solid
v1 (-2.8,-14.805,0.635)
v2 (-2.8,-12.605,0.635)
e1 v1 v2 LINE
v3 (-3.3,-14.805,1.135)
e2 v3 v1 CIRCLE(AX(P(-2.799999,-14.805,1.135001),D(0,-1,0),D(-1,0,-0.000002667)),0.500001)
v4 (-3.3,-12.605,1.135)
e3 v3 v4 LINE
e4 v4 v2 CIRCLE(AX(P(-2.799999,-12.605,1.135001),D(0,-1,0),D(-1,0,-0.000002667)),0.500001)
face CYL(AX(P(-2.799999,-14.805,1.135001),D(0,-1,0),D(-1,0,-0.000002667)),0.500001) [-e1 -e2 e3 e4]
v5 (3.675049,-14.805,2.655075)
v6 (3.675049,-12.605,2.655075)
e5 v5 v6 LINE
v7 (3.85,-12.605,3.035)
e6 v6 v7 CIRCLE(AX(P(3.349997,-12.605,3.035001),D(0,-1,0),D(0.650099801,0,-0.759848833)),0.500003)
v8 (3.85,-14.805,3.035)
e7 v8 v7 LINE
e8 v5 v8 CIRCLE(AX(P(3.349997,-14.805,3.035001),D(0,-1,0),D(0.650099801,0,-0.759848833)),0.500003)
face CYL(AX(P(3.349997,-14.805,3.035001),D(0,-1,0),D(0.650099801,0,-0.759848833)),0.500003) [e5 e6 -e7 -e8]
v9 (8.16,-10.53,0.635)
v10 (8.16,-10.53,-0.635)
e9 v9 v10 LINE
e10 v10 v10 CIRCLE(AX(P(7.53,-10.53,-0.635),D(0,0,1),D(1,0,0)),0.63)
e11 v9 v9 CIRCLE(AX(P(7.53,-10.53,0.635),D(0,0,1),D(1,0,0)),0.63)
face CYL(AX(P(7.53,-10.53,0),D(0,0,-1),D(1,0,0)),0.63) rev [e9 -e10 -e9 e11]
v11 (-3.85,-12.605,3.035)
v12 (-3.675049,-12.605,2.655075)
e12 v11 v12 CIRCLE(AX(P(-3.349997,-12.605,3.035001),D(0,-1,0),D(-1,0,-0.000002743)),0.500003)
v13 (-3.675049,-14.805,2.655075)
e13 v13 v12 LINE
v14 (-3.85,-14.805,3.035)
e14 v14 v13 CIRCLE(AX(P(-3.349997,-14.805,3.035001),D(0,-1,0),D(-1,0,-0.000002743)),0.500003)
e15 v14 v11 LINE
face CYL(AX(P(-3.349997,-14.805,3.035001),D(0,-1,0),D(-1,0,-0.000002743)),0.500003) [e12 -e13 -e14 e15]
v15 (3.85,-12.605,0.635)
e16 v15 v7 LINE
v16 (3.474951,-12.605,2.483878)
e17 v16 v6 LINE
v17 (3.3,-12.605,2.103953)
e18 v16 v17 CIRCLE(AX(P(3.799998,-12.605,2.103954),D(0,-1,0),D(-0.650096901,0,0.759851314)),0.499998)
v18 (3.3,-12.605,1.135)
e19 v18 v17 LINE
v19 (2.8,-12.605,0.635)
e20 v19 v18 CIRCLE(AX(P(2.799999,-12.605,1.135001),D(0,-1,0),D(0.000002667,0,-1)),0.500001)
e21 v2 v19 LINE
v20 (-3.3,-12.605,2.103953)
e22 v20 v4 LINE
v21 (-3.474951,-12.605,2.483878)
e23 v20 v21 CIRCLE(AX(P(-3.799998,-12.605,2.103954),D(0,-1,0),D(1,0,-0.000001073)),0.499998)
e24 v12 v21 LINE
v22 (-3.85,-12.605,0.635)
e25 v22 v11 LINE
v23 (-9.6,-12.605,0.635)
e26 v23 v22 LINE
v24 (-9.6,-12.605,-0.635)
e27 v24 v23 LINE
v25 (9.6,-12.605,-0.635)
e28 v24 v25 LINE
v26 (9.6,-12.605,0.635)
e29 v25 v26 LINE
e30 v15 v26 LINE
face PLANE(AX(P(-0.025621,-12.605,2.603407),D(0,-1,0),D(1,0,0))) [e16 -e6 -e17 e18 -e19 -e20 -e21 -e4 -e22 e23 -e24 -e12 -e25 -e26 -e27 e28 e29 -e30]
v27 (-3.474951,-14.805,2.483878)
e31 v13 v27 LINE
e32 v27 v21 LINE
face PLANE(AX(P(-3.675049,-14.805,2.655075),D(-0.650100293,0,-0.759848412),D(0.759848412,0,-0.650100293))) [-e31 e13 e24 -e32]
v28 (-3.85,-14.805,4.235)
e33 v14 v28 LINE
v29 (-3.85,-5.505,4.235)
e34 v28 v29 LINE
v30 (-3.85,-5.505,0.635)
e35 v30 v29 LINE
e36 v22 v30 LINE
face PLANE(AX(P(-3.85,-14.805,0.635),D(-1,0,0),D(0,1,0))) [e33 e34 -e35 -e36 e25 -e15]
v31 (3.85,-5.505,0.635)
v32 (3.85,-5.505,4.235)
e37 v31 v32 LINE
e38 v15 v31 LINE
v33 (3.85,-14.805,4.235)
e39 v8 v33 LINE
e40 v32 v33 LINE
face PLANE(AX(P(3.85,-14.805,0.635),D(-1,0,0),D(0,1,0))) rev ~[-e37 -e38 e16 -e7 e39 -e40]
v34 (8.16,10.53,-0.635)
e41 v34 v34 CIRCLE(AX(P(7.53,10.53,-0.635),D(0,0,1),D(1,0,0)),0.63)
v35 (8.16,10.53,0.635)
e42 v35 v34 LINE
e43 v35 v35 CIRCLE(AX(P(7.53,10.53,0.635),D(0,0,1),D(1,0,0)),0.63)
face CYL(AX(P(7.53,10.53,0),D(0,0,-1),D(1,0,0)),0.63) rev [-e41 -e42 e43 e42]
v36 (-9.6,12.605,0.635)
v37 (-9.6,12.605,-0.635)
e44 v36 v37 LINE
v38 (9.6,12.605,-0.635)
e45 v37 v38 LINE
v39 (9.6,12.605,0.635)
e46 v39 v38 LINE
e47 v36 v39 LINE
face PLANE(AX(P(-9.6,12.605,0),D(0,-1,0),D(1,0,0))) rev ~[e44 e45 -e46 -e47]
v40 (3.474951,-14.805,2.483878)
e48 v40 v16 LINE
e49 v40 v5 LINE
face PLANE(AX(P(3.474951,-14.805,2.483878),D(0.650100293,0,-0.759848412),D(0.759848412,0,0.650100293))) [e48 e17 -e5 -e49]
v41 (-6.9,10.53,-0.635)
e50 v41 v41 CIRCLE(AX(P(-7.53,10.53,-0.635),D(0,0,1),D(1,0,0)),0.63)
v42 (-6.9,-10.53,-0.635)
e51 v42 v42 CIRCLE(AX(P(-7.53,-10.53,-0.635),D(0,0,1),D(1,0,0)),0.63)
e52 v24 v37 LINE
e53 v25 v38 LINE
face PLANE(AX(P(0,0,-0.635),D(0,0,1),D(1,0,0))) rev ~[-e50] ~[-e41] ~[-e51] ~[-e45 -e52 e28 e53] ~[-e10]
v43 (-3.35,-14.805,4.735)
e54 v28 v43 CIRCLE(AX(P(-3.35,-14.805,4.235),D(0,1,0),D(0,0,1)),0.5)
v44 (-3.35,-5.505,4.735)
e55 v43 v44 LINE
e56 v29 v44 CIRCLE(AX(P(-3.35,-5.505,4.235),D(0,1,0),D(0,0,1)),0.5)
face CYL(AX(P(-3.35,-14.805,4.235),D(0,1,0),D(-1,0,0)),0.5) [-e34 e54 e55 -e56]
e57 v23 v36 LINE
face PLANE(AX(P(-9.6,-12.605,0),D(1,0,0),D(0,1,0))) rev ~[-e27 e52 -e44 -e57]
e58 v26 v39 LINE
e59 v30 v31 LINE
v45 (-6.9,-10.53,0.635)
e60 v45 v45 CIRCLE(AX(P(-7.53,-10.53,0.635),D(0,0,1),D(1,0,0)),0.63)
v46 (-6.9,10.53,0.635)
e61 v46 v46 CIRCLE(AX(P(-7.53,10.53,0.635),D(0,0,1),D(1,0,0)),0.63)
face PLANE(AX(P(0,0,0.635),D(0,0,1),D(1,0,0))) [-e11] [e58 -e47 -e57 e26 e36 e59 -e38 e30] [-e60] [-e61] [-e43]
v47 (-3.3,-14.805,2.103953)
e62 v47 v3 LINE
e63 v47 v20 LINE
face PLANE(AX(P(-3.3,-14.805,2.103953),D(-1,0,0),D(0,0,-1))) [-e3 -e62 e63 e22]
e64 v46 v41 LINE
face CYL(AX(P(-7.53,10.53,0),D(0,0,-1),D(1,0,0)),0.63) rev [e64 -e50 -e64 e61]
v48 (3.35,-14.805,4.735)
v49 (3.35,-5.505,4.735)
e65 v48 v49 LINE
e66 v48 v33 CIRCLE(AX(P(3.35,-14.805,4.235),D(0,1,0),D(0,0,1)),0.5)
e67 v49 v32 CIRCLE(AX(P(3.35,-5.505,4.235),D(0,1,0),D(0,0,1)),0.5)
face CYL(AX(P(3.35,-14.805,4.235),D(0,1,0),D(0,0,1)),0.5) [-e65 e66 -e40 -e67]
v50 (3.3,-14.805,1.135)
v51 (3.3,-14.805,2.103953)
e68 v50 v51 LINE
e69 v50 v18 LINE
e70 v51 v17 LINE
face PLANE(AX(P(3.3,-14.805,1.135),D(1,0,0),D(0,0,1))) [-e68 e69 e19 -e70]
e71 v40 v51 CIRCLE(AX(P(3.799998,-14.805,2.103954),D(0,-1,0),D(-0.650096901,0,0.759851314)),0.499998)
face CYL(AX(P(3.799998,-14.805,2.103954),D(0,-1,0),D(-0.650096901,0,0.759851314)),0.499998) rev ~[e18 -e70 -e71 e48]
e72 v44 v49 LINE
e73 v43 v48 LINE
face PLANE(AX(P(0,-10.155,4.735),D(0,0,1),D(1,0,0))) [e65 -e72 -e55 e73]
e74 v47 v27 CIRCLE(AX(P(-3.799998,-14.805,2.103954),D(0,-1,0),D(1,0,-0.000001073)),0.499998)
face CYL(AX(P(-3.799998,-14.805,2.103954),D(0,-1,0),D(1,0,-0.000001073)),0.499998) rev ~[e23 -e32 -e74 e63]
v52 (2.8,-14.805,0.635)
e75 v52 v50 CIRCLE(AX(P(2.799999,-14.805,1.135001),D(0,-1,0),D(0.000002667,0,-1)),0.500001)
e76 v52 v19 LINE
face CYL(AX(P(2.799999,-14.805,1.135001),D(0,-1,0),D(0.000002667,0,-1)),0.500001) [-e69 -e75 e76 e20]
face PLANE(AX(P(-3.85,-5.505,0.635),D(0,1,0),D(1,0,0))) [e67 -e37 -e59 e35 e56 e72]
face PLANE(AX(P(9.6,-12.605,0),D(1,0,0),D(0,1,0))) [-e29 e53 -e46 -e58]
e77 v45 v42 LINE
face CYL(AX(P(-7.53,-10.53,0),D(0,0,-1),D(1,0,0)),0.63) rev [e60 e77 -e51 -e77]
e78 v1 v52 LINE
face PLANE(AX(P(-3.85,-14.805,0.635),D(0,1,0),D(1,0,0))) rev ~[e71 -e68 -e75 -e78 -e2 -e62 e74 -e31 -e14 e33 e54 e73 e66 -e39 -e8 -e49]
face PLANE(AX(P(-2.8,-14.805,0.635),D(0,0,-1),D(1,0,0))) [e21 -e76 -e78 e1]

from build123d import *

# Parameters (mm, degrees)
SKETCH_W     = 19.2
SKETCH_H     = 25.21
SKETCH_R     = 0.63
PAD_DEPTH    = 0.635
SKETCH001_W  = 7.7
SKETCH001_H  = 9.3
PAD001_DEPTH = 4.1
FILLET_R     = 0.5
SKETCH002_W  = 8.550769
SKETCH002_H  = 4.773829
POCKET_DEPTH = 2.2


with BuildPart() as part:
    # Sketch → Pad (new body, symmetric)
    with BuildSketch(Plane.XY):
        Rectangle(SKETCH_W, SKETCH_H)
        with Locations((-7.53, 10.53)):
            Circle(SKETCH_R, mode=Mode.SUBTRACT)
        with Locations((7.53, 10.53)):
            Circle(SKETCH_R, mode=Mode.SUBTRACT)
        with Locations((7.53, -10.53)):
            Circle(SKETCH_R, mode=Mode.SUBTRACT)
        with Locations((-7.53, -10.53)):
            Circle(SKETCH_R, mode=Mode.SUBTRACT)
    extrude(amount=PAD_DEPTH, both=True)

    # Sketch001 → Pad001 (new body)
    with BuildSketch(Plane.XY.offset(0.635)):
        with Locations((0, -10.155)):
            Rectangle(SKETCH001_W, SKETCH001_H)
    extrude(amount=PAD001_DEPTH)

    # Fillet
    fillet_edges = [part.edges().sort_by_distance(p)[0] for p in [
        (-3.85, -10.155, 4.735),
        (3.85, -10.155, 4.735),
    ]]
    fillet(fillet_edges, radius=FILLET_R)

    # Sketch002 → Pocket (cut)
    with BuildSketch(Plane.XZ.offset(14.805)):
        with Locations((-0.025621, 2.603407)):
            Rectangle(SKETCH002_W, SKETCH002_H)
        with BuildLine():
            Line((-3.85, 4.735), (-3.85, 3.035))
            ThreePointArc((-3.85, 3.035), (-3.804161, 2.825865), (-3.675049, 2.655075))
            Line((-3.675049, 2.655075), (-3.474951, 2.483878))
            ThreePointArc((-3.3, 2.103953), (-3.345839, 2.313089), (-3.474951, 2.483878))
            Line((-3.3, 2.103953), (-3.3, 1.135))
            ThreePointArc((-3.3, 1.135), (-3.153553, 0.781447), (-2.8, 0.635))
            Line((-2.8, 0.635), (2.8, 0.635))
            ThreePointArc((2.8, 0.635), (3.153553, 0.781447), (3.3, 1.135))
            Line((3.3, 1.135), (3.3, 2.103953))
            ThreePointArc((3.474951, 2.483878), (3.345839, 2.313089), (3.3, 2.103953))
            Line((3.474951, 2.483878), (3.675049, 2.655075))
            ThreePointArc((3.675049, 2.655075), (3.804161, 2.825865), (3.85, 3.035))
            Line((3.85, 3.035), (3.85, 4.735))
            Line((3.85, 4.735), (-3.85, 4.735))
        make_face(mode=Mode.SUBTRACT)
    extrude(amount=-POCKET_DEPTH, mode=Mode.SUBTRACT)


solid = part.part
